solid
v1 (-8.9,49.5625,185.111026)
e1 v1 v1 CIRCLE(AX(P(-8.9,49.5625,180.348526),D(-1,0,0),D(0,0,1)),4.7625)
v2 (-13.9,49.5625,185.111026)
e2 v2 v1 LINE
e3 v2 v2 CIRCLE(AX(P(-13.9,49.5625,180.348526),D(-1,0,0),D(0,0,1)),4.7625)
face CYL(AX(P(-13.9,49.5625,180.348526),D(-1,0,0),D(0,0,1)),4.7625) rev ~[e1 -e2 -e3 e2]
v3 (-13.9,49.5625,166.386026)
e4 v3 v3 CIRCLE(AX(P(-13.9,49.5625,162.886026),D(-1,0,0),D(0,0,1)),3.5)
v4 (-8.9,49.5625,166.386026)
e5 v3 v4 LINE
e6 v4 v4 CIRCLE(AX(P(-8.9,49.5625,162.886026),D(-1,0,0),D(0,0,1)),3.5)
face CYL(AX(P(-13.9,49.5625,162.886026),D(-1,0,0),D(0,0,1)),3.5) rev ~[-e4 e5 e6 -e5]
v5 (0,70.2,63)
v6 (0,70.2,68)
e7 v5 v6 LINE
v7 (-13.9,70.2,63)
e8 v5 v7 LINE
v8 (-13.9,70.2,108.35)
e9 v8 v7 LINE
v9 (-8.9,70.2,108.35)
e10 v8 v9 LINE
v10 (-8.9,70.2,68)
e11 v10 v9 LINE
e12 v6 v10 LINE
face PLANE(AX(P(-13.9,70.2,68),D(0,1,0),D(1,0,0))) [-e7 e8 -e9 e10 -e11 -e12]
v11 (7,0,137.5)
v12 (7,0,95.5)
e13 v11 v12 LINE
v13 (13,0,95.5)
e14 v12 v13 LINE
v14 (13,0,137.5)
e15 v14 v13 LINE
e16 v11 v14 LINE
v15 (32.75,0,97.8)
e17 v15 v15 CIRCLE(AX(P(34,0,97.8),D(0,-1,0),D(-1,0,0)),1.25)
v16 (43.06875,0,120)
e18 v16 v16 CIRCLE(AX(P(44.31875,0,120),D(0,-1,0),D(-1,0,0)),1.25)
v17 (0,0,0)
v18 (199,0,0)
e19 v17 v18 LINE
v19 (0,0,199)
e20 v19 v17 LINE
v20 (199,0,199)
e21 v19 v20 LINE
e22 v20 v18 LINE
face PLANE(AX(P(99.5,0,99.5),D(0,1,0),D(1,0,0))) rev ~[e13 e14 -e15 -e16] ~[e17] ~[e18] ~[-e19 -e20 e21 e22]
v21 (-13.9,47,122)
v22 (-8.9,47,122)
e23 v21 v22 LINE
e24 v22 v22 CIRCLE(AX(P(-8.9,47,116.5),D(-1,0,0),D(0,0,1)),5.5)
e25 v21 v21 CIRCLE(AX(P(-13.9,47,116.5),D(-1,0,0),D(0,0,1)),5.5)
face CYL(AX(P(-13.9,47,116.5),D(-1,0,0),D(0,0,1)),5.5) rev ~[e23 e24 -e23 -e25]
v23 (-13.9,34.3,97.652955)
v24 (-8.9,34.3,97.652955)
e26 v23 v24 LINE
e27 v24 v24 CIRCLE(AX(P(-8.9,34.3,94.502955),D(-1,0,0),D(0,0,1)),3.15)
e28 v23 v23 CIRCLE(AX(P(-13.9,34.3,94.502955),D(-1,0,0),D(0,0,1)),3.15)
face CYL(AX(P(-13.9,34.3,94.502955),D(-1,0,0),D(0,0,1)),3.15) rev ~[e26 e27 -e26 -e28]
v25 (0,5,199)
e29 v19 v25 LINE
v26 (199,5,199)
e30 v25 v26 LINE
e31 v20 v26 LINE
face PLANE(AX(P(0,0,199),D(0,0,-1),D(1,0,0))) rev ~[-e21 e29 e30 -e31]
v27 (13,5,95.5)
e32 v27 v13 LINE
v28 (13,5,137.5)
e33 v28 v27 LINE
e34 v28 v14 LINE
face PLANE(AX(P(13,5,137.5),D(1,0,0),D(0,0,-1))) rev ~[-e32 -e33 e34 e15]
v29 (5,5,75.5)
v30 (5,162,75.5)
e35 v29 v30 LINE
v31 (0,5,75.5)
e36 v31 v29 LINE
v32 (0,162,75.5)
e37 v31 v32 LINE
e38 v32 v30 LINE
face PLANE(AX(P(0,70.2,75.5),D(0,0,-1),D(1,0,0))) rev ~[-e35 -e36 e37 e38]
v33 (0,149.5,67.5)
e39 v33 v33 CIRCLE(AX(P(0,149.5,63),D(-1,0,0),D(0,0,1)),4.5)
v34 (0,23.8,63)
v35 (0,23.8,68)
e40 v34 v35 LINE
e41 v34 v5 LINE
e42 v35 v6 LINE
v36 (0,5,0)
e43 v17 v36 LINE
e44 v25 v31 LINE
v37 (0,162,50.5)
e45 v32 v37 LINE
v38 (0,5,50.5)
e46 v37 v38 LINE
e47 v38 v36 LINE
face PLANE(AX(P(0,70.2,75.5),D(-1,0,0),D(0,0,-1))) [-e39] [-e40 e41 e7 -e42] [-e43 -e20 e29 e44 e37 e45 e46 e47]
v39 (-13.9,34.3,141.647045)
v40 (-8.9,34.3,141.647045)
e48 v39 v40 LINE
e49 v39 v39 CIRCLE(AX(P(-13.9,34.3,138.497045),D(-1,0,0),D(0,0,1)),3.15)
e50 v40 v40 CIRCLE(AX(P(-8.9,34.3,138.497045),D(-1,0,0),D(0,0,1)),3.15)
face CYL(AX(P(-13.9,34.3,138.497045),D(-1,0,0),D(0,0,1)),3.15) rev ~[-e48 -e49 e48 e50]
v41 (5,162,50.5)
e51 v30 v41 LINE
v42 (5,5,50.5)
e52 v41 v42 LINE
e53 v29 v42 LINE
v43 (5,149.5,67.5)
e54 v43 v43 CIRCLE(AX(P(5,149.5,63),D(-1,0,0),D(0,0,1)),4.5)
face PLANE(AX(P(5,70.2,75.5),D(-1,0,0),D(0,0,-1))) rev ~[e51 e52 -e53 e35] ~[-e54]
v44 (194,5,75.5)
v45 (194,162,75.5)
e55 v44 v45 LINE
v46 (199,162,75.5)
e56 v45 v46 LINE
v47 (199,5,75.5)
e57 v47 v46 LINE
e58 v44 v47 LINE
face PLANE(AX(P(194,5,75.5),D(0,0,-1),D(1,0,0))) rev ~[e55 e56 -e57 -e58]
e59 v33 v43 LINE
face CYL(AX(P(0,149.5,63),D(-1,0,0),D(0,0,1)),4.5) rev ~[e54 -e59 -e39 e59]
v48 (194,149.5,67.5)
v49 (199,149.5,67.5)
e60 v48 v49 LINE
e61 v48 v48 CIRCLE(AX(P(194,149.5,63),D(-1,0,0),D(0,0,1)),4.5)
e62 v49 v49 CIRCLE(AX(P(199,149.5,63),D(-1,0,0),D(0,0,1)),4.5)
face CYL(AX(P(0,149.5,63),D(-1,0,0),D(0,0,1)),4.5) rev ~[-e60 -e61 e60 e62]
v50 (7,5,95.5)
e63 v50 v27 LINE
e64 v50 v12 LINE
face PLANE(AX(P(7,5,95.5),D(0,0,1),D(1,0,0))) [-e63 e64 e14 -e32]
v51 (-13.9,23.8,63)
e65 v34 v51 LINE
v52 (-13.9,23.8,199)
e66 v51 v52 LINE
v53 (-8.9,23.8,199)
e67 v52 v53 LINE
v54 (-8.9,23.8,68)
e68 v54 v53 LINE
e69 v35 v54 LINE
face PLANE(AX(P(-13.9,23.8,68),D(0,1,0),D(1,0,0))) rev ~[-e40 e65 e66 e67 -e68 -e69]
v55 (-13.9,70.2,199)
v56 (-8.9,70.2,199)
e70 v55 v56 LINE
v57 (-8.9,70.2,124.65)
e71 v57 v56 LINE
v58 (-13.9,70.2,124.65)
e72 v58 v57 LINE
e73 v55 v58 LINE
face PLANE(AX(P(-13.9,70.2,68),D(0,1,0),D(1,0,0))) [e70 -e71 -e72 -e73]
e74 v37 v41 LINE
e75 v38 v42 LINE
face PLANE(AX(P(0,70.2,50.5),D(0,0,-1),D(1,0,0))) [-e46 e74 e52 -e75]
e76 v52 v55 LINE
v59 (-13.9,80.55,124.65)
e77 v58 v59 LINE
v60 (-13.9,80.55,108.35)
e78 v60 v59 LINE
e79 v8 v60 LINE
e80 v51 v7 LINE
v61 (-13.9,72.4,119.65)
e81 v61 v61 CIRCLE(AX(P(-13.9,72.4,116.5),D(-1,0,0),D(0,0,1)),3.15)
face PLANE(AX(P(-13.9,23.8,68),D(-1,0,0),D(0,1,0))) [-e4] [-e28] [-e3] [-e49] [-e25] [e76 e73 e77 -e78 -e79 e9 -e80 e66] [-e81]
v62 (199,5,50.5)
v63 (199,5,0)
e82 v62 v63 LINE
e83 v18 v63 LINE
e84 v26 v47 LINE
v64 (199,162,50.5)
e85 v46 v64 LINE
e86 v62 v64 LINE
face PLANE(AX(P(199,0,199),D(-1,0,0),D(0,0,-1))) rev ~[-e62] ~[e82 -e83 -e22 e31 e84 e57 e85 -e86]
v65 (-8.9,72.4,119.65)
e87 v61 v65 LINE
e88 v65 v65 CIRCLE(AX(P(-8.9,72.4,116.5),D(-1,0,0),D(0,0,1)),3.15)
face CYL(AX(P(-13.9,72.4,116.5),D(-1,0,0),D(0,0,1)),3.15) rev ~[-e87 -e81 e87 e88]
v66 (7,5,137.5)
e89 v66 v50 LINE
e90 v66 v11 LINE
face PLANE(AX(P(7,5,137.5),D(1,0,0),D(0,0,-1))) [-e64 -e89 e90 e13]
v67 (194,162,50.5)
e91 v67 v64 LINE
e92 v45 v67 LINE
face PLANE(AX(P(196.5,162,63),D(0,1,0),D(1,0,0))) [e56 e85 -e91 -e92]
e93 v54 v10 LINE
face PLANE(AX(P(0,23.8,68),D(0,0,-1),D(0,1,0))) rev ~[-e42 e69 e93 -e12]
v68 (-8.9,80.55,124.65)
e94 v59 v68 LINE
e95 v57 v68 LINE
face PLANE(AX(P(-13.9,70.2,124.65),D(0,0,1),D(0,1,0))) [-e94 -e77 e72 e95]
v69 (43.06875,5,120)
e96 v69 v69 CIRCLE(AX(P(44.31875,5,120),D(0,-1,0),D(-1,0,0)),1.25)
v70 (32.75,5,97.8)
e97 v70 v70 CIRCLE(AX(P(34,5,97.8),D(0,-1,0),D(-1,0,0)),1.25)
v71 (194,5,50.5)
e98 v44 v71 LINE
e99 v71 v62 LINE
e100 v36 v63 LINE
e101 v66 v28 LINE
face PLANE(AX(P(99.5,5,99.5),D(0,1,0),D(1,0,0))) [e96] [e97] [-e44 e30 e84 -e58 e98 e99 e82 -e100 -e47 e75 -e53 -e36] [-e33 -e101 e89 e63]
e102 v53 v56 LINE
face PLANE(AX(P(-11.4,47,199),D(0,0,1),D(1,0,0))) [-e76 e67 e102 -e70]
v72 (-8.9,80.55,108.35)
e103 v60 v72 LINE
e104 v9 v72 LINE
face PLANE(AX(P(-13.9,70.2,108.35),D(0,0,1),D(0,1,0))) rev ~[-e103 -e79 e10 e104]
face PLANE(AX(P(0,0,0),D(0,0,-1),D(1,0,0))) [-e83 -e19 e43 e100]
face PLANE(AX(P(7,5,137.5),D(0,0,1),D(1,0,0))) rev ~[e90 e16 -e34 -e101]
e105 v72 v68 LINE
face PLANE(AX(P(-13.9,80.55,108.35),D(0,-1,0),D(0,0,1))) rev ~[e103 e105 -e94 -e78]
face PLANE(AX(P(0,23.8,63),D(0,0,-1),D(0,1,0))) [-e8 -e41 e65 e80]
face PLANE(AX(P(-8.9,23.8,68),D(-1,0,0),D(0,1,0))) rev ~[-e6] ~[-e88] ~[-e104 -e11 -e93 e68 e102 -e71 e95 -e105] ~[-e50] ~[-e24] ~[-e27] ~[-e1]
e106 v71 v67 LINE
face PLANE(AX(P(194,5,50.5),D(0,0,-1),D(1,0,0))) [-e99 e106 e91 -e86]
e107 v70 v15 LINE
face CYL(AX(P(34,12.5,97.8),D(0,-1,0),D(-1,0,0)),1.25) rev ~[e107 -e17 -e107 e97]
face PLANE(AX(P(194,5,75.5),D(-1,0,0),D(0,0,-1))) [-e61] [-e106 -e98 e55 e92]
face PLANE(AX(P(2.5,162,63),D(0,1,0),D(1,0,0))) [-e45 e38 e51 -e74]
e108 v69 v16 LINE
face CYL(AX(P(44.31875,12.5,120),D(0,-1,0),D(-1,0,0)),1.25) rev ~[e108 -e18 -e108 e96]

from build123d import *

# Parameters (mm, degrees)
SKETCH1_W                 = 199
SKETCH1_H                 = 199
BOSS_EXTRUDE1_DEPTH       = 5
SKETCH2_W                 = 5
SKETCH2_H                 = 25
BOSS_EXTRUDE2_DEPTH       = 18.8
SKETCH3_W                 = 5
SKETCH3_H                 = 25
BOSS_EXTRUDE3_DEPTH       = 46.4
SKETCH4_W                 = 5
SKETCH4_H                 = 25
BOSS_EXTRUDE4_DEPTH       = 91.8
SKETCH5_W                 = 5
SKETCH5_H                 = 25
BOSS_EXTRUDE5_DEPTH       = 157
SKETCH6_R                 = 4.5
CUT_EXTRUDE1_DEPTH        = 325.724498614
SKETCH8_W                 = 5
SKETCH8_H                 = 46.4
BOSS_EXTRUDE6_DEPTH       = 13.9
SKETCH9_W                 = 5
SKETCH9_H                 = 46.4
BOSS_EXTRUDE7_DEPTH       = 131
SKETCH11_W                = 16.3
SKETCH11_H                = 10.35
BOSS_EXTRUDE8_DEPTH       = 5
SKETCH10_R                = 5.5
SKETCH10_R_2              = 3.15
CUT_EXTRUDE2_DEPTH        = 5
SKETCH12_W                = 6
SKETCH12_H                = 42
CUT_EXTRUDE3_DEPTH        = 5
SKETCH17_R                = 3.5
CUT_EXTRUDE7_DEPTH        = 9
M3X0_5_TAPPED_HOLE1_D     = 2.5
M3X0_5_TAPPED_HOLE1_DEPTH = 7.5
M3X0_5_TAPPED_HOLE1_TIP   = 0.751075774
SKETCH20_R                = 4.7625
CUT_EXTRUDE8_DEPTH        = 10


with BuildPart() as part:
    # Sketch1 → Boss-Extrude1 (new body)
    with BuildSketch(Plane(origin=(0, 0, 0), x_dir=(1, 0, 0), z_dir=(0, 1, 0))):
        with Locations((99.5, -99.5)):
            Rectangle(SKETCH1_W, SKETCH1_H)
    extrude(amount=BOSS_EXTRUDE1_DEPTH)

    # Sketch2 → Boss-Extrude2 (add)
    with BuildSketch(Plane(origin=(0, 5, 0), x_dir=(1, 0, 0), z_dir=(0, 1, 0))):
        with Locations((2.5, -63)):
            Rectangle(SKETCH2_W, SKETCH2_H)
    extrude(amount=BOSS_EXTRUDE2_DEPTH)

    # Sketch3 → Boss-Extrude3 (add)
    with BuildSketch(Plane(origin=(0, 23.8, 0), x_dir=(1, 0, 0), z_dir=(0, 1, 0))):
        with Locations((2.5, -63)):
            Rectangle(SKETCH3_W, SKETCH3_H)
    extrude(amount=BOSS_EXTRUDE3_DEPTH)

    # Sketch4 → Boss-Extrude4 (add)
    with BuildSketch(Plane(origin=(0, 70.2, 0), x_dir=(1, 0, 0), z_dir=(0, 1, 0))):
        with Locations((2.5, -63)):
            Rectangle(SKETCH4_W, SKETCH4_H)
    extrude(amount=BOSS_EXTRUDE4_DEPTH)

    # Sketch5 → Boss-Extrude5 (add)
    with BuildSketch(Plane(origin=(0, 5, 0), x_dir=(1, 0, 0), z_dir=(0, 1, 0))):
        with Locations((196.5, -63)):
            Rectangle(SKETCH5_W, SKETCH5_H)
    extrude(amount=BOSS_EXTRUDE5_DEPTH)

    # Sketch6 → Cut-Extrude1 (cut, through all)
    with BuildSketch(Plane.ZY):
        with Locations((63, 149.5)):
            Circle(SKETCH6_R)
    extrude(amount=-CUT_EXTRUDE1_DEPTH, mode=Mode.SUBTRACT)

    # Sketch8 → Boss-Extrude6 (add)
    with BuildSketch(Plane.ZY):
        with Locations((65.5, 47)):
            Rectangle(SKETCH8_W, SKETCH8_H)
    extrude(amount=BOSS_EXTRUDE6_DEPTH)

    # Sketch9 → Boss-Extrude7 (add)
    with BuildSketch(Plane.XY.offset(68)):
        with Locations((-11.4, 47)):
            Rectangle(SKETCH9_W, SKETCH9_H)
    extrude(amount=BOSS_EXTRUDE7_DEPTH)

    # Sketch11 → Boss-Extrude8 (add)
    with BuildSketch(Plane.ZY.offset(13.9)):
        with Locations((116.5, 75.375)):
            Rectangle(SKETCH11_W, SKETCH11_H)
    extrude(amount=-BOSS_EXTRUDE8_DEPTH)

    # Sketch10 → Cut-Extrude2 (cut)
    with BuildSketch(Plane.ZY.offset(13.9)):
        with Locations((116.5, 47)):
            Circle(SKETCH10_R)
        with Locations((116.5, 72.4)):
            Circle(SKETCH10_R_2)
        with Locations((138.497045256, 34.3)):
            Circle(SKETCH10_R_2)
        with Locations((94.502954744, 34.3)):
            Circle(SKETCH10_R_2)
    extrude(amount=-CUT_EXTRUDE2_DEPTH, mode=Mode.SUBTRACT)

    # Sketch12 → Cut-Extrude3 (cut)
    with BuildSketch(Plane(origin=(0, 5, 0), x_dir=(1, 0, 0), z_dir=(0, 1, 0))):
        with Locations((10, -116.5)):
            Rectangle(SKETCH12_W, SKETCH12_H)
    extrude(amount=-CUT_EXTRUDE3_DEPTH, mode=Mode.SUBTRACT)

    # Sketch17 → Cut-Extrude7 (cut)
    with BuildSketch(Plane.ZY.offset(13.9)):
        with Locations((162.886026442, 49.5625)):
            Circle(SKETCH17_R)
    extrude(amount=-CUT_EXTRUDE7_DEPTH, mode=Mode.SUBTRACT)

    # M3x0.5 Tapped Hole1
    with Locations(Plane(origin=(0, 5, 0), x_dir=(1, 0, 0), z_dir=(0, 1, 0))):
        with Locations((34, -97.8), (44.31875, -120)):
            Hole(M3X0_5_TAPPED_HOLE1_D / 2, depth=M3X0_5_TAPPED_HOLE1_DEPTH)
            with Locations((0, 0, -(M3X0_5_TAPPED_HOLE1_DEPTH + M3X0_5_TAPPED_HOLE1_TIP / 2))):  # 118° drill point
                Cone(0, M3X0_5_TAPPED_HOLE1_D / 2, M3X0_5_TAPPED_HOLE1_TIP, mode=Mode.SUBTRACT)

    # Sketch20 → Cut-Extrude8 (cut)
    with BuildSketch(Plane.ZY.offset(13.9)):
        with Locations((180.348526442, 49.5625)):
            Circle(SKETCH20_R)
    extrude(amount=-CUT_EXTRUDE8_DEPTH, mode=Mode.SUBTRACT)


solid = part.part
